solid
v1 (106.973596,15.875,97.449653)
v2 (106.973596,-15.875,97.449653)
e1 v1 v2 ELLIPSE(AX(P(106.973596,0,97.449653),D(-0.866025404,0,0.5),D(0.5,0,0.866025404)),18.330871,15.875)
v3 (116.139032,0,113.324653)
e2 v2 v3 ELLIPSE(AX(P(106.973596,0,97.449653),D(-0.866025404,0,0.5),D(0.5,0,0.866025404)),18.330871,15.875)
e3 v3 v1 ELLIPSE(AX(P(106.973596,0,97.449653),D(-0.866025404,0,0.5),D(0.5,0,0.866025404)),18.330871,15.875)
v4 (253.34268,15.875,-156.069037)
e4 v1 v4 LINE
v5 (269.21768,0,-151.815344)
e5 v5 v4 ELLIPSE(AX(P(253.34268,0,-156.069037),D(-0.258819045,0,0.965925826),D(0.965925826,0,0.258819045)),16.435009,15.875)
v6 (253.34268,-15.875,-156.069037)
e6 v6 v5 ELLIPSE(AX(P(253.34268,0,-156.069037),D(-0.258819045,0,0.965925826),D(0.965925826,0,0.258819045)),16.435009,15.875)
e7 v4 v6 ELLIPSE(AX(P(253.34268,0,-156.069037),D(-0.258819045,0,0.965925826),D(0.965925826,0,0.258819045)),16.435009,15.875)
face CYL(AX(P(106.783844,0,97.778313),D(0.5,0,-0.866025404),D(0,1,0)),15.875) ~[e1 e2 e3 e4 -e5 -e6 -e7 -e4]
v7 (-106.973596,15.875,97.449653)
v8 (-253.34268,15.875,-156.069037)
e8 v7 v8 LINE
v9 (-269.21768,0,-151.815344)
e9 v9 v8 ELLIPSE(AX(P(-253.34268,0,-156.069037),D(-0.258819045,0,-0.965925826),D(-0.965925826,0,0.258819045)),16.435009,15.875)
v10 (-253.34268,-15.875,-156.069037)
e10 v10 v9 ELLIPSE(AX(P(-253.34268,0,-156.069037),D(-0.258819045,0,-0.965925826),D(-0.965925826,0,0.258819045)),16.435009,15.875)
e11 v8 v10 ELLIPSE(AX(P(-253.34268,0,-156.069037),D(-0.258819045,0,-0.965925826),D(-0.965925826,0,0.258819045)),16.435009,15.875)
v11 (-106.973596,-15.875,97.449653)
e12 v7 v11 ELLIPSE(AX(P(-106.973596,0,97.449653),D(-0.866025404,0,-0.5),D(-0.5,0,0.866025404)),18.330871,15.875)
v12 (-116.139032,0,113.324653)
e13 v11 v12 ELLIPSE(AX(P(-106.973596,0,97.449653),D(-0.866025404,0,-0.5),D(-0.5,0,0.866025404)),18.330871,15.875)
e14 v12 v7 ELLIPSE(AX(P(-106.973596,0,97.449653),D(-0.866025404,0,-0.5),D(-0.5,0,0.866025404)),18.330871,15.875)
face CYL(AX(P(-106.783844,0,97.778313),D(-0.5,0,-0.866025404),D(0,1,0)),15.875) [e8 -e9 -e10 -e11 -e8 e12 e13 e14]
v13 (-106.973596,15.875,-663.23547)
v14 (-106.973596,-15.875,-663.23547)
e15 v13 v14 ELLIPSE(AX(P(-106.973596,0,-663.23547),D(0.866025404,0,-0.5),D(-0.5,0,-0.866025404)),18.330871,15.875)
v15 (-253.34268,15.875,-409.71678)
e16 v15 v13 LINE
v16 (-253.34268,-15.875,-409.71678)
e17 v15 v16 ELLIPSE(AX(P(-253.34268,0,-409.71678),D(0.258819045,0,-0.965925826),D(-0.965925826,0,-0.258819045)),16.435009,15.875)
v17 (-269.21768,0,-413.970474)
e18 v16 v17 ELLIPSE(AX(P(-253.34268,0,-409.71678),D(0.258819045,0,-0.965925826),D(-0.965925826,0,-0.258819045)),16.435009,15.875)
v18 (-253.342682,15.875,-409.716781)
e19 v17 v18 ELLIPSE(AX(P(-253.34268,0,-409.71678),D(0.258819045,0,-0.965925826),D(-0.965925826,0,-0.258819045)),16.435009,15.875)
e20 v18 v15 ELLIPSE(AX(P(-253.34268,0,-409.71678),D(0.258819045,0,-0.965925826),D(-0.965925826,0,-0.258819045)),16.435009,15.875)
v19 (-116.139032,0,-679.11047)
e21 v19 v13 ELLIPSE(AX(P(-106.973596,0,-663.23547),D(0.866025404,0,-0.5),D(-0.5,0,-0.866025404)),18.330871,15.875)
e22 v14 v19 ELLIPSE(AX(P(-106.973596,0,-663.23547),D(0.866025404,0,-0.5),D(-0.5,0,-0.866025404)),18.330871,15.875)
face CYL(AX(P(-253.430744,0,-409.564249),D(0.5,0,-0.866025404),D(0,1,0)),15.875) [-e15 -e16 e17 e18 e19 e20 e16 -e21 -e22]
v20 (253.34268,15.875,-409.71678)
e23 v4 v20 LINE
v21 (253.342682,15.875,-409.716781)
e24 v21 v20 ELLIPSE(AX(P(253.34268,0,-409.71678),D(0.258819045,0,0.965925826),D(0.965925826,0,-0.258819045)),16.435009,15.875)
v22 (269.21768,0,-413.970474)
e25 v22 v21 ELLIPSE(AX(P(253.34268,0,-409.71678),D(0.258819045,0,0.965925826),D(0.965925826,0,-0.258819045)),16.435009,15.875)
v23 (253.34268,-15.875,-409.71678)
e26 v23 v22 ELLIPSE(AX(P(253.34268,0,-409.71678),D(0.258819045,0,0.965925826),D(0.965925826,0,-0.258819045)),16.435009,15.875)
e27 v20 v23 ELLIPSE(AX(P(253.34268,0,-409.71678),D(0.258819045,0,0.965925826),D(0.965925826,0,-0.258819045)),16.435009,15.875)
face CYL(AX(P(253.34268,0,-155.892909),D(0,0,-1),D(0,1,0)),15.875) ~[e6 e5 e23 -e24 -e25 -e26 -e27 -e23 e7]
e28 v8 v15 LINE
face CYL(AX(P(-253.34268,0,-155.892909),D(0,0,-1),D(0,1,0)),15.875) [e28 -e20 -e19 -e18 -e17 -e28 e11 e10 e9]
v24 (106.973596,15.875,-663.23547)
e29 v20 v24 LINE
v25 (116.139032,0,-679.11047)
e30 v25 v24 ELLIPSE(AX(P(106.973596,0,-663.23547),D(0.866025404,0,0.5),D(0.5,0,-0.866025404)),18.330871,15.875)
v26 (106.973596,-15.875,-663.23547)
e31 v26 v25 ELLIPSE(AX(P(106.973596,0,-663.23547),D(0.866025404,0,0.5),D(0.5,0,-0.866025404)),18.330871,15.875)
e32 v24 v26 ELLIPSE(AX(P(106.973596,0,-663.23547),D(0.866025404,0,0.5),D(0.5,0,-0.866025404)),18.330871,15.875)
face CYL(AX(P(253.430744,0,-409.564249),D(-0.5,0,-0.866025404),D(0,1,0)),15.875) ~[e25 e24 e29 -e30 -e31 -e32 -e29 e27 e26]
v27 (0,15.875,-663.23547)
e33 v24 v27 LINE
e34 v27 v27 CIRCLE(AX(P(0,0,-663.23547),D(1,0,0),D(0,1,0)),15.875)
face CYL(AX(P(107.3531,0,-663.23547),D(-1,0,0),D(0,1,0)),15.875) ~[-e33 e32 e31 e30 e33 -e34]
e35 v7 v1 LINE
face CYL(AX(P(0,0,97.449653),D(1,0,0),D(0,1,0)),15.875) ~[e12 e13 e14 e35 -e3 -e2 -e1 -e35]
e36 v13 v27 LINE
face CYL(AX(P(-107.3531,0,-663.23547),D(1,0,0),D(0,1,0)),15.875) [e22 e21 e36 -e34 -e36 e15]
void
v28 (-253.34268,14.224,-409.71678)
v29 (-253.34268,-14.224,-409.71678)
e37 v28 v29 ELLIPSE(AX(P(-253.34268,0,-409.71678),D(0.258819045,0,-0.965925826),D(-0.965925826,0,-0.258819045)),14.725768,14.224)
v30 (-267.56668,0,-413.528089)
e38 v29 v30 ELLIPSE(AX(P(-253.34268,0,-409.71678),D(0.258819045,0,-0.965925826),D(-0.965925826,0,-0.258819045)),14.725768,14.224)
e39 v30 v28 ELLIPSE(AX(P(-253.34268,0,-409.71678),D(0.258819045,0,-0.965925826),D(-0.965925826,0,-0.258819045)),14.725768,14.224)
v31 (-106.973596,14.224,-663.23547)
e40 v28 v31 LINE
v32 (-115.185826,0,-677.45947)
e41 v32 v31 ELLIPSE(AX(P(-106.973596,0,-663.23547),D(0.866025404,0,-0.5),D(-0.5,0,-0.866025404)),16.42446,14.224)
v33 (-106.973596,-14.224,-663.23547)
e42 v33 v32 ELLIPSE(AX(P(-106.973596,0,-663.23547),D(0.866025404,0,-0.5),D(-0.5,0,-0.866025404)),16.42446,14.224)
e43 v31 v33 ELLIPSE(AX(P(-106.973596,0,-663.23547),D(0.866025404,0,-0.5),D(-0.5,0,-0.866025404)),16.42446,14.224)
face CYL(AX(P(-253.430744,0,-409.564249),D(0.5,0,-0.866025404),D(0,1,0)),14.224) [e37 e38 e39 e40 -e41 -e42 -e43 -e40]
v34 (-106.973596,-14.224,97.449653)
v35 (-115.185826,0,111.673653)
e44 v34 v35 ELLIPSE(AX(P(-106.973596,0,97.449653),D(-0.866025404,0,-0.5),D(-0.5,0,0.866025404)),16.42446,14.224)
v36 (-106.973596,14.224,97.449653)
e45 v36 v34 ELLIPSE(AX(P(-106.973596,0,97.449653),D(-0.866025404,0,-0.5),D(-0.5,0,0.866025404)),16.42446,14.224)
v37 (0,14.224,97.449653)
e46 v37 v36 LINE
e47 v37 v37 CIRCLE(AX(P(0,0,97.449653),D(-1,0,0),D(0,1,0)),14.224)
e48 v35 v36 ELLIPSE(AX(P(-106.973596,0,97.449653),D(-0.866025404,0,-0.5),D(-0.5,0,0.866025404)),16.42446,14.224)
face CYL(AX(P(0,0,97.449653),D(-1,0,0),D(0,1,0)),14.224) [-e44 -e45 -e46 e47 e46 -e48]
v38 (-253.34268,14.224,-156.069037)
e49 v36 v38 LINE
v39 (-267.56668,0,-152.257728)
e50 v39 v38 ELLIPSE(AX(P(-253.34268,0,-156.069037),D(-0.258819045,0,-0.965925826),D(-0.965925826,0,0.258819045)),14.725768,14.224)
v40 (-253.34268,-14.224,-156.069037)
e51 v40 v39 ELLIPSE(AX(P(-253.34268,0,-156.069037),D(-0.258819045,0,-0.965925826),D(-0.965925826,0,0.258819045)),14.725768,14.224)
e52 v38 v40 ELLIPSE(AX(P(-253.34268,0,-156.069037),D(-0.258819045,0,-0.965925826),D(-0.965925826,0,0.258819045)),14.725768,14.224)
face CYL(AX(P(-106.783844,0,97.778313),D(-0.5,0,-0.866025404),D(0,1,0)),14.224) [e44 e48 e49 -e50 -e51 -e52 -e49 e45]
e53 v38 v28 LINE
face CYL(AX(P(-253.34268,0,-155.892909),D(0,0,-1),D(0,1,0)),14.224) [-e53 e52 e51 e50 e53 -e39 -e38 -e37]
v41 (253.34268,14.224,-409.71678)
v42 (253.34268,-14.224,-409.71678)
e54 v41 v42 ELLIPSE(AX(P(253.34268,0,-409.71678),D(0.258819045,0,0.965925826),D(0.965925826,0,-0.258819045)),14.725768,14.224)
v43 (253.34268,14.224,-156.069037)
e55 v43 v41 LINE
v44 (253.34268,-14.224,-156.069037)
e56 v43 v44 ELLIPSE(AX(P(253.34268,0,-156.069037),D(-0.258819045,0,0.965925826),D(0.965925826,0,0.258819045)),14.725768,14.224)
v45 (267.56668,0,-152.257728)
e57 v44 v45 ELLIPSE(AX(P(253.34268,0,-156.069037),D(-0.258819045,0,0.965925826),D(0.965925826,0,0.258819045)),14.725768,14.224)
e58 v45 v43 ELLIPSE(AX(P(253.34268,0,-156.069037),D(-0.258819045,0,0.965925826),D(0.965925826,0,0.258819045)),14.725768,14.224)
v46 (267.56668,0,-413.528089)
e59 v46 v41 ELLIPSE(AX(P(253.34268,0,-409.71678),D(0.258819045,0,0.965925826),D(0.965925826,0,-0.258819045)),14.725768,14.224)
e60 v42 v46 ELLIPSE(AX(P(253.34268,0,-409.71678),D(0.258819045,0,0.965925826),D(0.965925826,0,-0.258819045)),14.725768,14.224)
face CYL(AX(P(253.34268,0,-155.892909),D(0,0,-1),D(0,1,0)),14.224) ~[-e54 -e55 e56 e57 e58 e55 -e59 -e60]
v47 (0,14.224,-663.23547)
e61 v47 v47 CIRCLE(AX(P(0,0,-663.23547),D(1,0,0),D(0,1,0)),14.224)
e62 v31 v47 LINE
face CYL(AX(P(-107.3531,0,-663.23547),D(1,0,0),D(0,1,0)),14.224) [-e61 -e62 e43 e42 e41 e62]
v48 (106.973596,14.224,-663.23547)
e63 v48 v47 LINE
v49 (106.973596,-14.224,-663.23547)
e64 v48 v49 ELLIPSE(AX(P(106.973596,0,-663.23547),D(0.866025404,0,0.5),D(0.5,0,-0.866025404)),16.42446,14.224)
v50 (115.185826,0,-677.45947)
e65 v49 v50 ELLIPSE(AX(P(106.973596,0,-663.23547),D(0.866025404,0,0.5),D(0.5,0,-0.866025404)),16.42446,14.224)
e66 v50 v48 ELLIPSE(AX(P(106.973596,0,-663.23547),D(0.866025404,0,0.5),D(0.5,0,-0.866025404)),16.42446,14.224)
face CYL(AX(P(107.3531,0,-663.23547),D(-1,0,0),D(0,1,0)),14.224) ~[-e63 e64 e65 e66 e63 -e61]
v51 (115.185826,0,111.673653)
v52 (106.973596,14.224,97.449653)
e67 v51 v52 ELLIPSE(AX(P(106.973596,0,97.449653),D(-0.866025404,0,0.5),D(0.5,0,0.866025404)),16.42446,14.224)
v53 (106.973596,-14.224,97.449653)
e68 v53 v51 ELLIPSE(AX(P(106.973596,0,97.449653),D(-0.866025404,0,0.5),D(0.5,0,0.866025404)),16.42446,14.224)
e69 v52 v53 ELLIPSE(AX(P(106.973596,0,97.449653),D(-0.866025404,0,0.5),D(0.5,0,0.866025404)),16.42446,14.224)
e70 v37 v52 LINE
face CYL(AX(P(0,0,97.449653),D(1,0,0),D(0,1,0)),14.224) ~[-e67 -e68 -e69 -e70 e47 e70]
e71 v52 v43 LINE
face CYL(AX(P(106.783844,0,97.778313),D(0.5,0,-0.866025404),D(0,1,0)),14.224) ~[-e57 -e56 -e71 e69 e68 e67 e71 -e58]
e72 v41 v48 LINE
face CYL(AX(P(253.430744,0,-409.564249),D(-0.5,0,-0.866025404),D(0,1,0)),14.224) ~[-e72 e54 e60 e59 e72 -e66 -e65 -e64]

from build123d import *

# Parameters (mm, degrees)
F1_R   = 15.875
F1_R_2 = 14.224


with BuildPart() as f2:
    # F2: sweep along a path in F0
    with BuildLine(Plane.XZ) as f2_path:
        Line((0, 98.1069729979), (-107.3531, 98.1069729979))
        Line((-107.3531, 98.1069729979), (-254, -155.8929085746))
        Line((-254, -155.8929085746), (-254, -409.8929085746))
        Line((-254, -409.8929085746), (-107.3531, -663.892790147))
        Line((-107.3531, -663.892790147), (0, -663.892790147))
    # F1 (on Right) → F2 (sweep)
    with BuildSketch(Plane.YZ):
        with Locations((0, 97.4496528506)):
            Circle(F1_R)
        with Locations((0, 97.4496528506)):
            Circle(F1_R_2, mode=Mode.SUBTRACT)
    sweep(path=f2_path.line, transition=Transition.RIGHT)

    # F3: F2 across plane


with BuildPart() as f2_1:
    add(f2.part)
    add(f2.part.mirror(Plane.YZ))


solid = f2_1.part
